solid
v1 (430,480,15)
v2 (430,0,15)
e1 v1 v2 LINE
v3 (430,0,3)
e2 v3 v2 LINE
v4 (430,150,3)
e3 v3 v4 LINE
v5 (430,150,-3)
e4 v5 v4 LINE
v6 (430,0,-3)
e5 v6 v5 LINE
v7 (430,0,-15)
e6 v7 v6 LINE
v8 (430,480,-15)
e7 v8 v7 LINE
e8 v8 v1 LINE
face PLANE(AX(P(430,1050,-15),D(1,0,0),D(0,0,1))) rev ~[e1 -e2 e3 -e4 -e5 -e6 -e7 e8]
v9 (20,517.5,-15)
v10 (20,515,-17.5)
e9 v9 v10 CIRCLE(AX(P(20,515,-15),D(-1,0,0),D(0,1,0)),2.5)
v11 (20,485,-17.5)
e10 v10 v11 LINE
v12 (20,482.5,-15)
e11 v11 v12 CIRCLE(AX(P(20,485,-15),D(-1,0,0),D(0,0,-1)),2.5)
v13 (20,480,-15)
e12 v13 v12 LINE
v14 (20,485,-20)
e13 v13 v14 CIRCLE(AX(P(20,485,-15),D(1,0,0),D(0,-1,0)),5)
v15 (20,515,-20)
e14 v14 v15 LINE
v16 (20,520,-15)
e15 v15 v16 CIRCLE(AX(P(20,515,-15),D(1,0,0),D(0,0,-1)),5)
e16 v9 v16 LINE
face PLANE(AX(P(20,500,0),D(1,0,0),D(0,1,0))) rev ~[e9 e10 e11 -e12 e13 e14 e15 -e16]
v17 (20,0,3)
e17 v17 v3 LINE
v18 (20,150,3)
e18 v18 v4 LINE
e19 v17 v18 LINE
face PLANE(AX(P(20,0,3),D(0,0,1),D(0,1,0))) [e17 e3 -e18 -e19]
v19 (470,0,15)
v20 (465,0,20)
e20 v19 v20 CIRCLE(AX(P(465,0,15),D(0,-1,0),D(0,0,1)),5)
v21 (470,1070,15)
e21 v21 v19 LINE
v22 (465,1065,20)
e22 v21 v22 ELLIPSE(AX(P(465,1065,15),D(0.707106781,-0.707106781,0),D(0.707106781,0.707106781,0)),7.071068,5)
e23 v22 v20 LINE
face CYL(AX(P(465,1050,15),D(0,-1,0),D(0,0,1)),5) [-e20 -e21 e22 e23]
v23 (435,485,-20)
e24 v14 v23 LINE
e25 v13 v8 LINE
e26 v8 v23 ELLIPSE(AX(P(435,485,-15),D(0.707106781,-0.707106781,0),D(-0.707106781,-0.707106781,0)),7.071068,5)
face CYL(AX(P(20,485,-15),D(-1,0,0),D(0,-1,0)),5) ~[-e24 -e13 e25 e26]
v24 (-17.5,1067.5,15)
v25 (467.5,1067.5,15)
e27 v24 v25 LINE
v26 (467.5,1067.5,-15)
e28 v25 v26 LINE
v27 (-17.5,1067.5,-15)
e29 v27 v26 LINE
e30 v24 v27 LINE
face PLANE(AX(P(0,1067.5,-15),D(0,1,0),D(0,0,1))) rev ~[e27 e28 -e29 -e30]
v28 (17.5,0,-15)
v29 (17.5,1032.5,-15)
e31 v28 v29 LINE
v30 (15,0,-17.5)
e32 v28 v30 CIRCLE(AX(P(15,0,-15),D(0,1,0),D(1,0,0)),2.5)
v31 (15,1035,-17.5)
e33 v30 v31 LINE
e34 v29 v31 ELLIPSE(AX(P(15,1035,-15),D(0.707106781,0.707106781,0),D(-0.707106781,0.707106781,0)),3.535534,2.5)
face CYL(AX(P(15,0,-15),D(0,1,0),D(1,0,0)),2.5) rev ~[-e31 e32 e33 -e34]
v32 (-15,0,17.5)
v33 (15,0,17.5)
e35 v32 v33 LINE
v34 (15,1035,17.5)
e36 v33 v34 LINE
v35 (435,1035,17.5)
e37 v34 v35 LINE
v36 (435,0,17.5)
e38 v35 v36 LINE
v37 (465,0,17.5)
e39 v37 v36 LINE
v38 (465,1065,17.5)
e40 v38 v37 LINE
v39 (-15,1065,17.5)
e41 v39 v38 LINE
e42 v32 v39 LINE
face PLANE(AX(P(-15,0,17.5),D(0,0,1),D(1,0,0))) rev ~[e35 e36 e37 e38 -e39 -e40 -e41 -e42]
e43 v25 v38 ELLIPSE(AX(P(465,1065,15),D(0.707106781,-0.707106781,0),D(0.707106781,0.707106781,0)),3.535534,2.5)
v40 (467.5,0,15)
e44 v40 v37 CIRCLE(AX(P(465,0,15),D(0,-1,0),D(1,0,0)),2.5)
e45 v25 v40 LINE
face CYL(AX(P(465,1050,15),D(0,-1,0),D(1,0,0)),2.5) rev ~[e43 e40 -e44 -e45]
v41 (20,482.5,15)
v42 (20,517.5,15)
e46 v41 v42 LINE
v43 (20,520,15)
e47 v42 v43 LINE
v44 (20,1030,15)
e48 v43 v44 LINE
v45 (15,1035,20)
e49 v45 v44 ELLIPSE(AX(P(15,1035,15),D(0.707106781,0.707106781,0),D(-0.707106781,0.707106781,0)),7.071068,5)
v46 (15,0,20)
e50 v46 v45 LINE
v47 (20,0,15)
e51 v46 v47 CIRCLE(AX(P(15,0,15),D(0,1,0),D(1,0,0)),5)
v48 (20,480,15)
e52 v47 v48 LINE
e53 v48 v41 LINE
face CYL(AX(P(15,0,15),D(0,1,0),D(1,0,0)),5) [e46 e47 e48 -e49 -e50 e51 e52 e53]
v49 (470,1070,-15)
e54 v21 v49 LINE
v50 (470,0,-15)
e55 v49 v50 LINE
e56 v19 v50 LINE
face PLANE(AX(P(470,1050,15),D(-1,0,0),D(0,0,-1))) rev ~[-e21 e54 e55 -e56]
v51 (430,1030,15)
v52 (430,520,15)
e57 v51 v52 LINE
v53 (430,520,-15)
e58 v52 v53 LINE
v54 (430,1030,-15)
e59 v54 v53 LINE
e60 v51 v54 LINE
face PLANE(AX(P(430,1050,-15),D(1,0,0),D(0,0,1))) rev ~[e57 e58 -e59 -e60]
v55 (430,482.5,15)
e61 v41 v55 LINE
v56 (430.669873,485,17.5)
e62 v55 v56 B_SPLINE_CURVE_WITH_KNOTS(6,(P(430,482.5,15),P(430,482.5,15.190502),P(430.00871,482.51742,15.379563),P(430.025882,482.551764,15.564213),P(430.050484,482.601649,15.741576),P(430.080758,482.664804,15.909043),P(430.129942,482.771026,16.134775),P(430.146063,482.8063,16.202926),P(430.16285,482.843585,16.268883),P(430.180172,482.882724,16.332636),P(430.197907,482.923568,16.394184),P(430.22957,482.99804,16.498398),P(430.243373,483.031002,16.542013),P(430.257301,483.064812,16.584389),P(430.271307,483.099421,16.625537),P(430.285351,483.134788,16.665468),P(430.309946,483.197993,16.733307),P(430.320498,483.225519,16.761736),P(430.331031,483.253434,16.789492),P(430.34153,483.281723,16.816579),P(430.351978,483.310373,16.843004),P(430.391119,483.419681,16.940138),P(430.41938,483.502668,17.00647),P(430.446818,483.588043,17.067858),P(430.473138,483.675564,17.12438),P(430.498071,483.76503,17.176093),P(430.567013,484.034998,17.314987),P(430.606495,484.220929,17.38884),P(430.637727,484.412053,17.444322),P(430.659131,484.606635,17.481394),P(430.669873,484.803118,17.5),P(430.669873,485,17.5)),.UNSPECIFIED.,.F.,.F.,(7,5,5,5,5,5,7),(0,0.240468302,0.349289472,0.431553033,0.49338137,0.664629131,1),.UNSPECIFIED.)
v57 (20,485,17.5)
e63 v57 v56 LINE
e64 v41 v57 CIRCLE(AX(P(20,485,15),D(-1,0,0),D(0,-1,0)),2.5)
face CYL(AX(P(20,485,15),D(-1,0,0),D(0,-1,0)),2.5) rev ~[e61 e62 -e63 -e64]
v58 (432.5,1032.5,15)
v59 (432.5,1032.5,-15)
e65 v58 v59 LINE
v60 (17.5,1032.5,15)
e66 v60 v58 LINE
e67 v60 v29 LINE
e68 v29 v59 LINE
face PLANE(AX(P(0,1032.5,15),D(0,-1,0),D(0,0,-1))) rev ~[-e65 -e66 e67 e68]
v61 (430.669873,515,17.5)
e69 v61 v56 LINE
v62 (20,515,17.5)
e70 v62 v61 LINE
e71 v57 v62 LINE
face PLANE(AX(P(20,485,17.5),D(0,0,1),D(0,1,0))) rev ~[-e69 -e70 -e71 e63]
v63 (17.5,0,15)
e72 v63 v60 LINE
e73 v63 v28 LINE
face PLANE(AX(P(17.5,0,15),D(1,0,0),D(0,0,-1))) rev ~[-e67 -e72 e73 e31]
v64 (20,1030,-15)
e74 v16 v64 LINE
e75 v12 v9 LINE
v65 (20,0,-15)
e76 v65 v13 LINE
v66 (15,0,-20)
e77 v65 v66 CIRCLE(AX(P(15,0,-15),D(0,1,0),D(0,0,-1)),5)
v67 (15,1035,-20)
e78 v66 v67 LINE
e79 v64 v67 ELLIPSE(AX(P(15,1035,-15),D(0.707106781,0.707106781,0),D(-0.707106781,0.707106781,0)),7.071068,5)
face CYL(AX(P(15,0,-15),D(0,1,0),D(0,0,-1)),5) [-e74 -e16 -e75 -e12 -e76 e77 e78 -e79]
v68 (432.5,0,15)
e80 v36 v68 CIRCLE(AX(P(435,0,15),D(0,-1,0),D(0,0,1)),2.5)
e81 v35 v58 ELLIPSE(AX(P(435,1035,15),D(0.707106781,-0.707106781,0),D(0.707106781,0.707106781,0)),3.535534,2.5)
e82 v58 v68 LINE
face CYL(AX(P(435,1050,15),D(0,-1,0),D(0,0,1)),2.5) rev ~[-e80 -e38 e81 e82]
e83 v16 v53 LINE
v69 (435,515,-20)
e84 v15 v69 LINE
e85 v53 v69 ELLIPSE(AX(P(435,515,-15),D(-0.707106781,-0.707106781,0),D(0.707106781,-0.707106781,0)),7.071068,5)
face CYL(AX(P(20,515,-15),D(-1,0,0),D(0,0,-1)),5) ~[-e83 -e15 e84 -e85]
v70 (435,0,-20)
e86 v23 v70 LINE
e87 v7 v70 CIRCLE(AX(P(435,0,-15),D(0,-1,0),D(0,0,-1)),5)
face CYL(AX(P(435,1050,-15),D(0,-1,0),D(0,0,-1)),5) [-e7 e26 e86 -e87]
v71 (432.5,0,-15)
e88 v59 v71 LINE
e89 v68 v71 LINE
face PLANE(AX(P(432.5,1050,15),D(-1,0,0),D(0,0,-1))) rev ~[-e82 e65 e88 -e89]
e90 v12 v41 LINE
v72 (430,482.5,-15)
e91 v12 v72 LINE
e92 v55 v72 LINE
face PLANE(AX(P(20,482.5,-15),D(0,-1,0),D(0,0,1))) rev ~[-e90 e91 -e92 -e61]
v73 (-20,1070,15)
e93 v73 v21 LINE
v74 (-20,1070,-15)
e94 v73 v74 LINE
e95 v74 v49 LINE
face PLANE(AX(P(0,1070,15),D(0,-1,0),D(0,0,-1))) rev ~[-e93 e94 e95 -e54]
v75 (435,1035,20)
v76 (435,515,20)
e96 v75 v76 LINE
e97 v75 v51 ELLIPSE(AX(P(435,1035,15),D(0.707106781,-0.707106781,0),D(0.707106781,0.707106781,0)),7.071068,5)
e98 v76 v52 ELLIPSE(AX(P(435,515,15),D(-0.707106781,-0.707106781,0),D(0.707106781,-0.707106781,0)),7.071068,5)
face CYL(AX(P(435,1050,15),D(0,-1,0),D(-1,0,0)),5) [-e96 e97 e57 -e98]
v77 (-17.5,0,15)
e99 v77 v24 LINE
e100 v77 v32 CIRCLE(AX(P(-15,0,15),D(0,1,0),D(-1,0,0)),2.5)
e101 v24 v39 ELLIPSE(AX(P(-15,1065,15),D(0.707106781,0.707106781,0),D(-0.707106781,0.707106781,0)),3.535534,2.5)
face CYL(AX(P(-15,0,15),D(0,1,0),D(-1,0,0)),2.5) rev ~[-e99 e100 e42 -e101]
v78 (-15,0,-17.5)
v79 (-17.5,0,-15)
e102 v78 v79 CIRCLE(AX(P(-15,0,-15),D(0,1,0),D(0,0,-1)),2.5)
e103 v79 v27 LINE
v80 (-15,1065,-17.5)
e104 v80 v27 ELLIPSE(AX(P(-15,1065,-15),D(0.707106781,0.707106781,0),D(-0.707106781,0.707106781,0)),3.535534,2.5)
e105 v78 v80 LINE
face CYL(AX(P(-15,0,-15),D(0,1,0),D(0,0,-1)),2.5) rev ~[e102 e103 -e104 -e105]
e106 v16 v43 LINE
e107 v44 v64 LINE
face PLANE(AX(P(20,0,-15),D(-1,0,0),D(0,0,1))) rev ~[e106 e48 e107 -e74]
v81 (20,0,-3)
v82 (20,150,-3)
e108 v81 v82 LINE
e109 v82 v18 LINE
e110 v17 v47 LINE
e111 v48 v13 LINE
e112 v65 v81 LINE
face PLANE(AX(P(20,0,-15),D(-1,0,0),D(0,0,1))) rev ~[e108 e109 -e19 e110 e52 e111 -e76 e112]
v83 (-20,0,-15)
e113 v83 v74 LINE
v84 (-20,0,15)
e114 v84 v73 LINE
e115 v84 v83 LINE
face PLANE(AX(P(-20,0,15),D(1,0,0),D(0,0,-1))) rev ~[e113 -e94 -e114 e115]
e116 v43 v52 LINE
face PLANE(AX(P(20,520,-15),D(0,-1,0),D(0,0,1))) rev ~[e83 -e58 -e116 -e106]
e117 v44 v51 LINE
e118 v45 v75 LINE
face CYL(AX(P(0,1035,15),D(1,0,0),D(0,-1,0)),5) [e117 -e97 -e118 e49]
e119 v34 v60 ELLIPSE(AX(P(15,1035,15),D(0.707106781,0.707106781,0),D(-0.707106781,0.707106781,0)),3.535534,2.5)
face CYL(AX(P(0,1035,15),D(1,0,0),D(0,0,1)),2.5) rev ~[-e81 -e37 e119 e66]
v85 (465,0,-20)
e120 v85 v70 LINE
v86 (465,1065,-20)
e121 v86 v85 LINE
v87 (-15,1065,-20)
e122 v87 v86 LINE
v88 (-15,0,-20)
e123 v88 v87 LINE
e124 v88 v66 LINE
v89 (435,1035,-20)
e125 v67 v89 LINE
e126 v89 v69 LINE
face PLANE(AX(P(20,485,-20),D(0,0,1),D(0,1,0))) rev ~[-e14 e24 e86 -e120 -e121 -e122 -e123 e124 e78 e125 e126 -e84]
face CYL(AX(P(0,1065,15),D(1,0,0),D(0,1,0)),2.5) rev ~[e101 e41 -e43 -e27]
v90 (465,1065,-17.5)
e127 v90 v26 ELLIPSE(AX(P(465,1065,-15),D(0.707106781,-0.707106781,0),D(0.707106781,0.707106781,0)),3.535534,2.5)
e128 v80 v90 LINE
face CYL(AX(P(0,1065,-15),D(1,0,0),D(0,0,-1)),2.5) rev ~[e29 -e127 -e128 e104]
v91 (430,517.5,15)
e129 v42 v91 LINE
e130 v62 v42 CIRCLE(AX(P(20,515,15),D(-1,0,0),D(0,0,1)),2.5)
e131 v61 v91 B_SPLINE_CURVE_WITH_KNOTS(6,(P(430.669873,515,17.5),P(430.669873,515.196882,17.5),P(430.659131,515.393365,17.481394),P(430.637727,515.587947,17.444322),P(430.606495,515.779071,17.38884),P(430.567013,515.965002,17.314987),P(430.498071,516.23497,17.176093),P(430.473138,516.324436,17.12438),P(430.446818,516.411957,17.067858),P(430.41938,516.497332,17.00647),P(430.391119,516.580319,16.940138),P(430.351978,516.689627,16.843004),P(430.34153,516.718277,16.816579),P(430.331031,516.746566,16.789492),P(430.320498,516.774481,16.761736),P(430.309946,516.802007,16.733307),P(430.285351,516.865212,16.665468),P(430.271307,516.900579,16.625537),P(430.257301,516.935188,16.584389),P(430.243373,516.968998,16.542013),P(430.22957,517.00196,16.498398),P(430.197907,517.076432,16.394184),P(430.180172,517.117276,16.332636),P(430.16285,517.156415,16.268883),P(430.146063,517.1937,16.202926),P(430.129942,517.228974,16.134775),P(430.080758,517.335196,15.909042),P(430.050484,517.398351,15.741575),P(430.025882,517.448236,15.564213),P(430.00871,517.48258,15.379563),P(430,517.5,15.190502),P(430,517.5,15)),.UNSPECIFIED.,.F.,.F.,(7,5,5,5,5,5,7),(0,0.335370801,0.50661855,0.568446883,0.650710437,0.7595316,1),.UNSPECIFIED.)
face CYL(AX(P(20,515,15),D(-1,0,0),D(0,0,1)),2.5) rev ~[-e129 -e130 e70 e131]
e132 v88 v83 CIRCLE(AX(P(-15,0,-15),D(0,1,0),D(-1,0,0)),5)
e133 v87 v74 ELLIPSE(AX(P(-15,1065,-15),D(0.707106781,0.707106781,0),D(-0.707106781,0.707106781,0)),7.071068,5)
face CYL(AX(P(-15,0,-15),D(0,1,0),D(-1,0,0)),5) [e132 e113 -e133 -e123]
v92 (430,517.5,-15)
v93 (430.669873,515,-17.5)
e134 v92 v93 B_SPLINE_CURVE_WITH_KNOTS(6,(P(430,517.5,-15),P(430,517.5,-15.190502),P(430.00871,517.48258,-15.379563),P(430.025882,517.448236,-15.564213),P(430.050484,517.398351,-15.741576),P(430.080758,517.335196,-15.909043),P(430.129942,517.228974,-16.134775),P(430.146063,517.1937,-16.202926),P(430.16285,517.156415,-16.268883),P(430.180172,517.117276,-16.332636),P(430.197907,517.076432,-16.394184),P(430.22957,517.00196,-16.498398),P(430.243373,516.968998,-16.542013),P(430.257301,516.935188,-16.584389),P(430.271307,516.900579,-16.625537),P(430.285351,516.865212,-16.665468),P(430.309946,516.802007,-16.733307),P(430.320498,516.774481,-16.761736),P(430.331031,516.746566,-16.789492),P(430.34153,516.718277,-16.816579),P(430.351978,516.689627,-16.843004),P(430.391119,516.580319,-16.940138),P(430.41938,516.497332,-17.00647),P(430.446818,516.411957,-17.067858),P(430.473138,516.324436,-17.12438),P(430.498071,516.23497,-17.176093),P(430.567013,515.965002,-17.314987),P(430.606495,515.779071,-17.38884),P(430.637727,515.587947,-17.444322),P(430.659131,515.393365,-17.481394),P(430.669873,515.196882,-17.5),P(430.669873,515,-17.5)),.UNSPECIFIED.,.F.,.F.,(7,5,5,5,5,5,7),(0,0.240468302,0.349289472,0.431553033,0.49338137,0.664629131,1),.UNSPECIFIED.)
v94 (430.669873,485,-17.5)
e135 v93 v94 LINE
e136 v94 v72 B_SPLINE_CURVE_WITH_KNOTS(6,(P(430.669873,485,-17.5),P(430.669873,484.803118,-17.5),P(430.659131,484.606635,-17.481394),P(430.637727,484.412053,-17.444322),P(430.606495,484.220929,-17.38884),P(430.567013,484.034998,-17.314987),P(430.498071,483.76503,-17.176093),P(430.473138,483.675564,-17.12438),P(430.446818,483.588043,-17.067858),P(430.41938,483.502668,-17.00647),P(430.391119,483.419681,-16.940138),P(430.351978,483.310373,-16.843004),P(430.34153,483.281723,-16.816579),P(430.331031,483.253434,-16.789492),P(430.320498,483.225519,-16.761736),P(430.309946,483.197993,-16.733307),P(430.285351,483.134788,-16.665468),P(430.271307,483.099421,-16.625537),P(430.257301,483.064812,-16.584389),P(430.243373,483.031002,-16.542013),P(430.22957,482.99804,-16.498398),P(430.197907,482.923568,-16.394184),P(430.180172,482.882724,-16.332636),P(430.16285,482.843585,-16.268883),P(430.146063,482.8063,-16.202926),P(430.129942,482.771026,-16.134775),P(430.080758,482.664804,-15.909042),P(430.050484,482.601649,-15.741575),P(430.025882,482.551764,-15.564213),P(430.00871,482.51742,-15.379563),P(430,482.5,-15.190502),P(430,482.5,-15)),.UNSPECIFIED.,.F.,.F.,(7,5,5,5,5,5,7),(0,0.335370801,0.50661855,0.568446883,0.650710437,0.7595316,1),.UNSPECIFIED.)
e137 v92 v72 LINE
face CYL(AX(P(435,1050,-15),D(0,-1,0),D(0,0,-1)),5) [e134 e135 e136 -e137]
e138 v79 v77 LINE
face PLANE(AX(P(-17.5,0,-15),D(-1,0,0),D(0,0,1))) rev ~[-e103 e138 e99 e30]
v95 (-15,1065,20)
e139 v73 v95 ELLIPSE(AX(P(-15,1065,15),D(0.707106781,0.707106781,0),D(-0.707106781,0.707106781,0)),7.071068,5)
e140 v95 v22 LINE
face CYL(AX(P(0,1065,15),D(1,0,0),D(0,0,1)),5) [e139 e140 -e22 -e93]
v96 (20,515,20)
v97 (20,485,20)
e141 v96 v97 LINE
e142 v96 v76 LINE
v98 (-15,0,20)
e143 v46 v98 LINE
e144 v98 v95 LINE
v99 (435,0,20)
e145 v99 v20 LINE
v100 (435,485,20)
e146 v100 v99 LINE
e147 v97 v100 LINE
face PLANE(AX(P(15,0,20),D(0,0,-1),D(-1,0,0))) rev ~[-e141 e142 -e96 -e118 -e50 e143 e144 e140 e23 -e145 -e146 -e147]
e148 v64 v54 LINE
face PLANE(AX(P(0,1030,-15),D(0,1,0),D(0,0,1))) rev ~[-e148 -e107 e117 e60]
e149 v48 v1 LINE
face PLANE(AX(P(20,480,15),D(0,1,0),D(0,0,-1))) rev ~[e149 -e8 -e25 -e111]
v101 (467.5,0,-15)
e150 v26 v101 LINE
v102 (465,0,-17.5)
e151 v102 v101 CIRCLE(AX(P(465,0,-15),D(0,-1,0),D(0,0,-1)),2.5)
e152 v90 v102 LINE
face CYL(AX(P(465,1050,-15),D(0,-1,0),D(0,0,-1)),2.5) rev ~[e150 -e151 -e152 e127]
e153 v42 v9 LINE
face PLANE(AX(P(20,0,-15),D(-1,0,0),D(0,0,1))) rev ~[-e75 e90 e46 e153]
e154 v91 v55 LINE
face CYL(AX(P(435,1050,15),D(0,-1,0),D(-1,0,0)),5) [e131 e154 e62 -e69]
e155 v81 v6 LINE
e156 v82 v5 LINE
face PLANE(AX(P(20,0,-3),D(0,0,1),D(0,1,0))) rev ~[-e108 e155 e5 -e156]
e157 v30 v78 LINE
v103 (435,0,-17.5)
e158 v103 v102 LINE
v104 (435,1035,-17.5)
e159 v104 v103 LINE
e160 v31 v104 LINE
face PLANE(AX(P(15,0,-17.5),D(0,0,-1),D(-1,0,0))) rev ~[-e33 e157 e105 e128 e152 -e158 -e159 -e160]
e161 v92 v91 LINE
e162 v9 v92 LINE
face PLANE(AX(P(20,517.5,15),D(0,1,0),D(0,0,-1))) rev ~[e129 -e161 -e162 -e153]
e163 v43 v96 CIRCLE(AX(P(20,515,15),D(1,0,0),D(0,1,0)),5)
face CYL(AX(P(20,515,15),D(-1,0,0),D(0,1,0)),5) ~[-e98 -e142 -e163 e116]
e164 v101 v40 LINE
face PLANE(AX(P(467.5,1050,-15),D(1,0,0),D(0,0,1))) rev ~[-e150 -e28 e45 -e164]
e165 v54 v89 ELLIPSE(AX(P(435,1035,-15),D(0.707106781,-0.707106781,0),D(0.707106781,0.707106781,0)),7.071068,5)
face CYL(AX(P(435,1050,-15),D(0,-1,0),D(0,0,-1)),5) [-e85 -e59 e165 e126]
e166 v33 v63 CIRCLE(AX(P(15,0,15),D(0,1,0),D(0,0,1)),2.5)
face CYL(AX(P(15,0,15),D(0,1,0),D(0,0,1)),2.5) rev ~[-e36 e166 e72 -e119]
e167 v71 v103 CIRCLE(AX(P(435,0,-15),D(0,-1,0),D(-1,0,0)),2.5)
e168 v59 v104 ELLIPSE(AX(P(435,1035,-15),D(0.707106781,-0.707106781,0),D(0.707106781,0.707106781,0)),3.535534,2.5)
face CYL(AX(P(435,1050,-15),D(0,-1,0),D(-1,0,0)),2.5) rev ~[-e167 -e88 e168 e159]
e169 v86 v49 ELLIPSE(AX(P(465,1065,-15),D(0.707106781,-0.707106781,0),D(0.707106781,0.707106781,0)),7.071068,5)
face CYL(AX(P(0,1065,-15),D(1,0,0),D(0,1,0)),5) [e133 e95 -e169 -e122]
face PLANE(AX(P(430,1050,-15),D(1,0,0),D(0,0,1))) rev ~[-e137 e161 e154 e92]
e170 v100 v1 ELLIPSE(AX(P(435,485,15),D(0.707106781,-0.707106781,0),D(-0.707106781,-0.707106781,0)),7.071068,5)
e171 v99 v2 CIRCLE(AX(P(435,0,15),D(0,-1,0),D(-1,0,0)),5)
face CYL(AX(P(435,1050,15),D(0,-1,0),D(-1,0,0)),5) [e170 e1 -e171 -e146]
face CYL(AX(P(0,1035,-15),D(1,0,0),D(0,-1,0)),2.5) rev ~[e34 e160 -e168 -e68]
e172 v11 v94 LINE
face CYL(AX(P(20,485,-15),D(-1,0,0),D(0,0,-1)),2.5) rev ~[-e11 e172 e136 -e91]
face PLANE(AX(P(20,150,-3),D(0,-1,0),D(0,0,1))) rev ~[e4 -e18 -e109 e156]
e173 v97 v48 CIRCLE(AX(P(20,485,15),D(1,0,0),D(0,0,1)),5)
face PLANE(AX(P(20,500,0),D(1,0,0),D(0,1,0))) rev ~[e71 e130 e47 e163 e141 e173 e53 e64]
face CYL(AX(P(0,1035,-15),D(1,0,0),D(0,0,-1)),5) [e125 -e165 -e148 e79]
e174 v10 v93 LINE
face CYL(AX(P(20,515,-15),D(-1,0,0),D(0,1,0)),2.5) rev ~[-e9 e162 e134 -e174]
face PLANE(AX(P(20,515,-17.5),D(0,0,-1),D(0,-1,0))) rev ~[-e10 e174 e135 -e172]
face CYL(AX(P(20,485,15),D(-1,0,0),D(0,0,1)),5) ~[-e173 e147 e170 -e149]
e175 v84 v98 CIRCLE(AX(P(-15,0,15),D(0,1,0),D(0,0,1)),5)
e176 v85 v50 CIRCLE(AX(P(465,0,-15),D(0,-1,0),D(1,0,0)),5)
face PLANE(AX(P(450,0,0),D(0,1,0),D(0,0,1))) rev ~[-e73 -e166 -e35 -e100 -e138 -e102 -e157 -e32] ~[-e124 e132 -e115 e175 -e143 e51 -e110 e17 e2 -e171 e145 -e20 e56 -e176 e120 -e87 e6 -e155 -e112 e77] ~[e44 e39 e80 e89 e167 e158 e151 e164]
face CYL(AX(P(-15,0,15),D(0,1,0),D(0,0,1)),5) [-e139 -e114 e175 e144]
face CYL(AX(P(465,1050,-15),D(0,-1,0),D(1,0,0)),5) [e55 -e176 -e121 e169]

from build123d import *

# Parameters (mm, degrees)
F5_W     = 150
F5_H     = 6
F6_DEPTH = 410


with BuildPart() as f2:
    # F2: sweep along a path in F1
    with BuildLine(Plane.XY) as f2_path:
        Line((0, 0), (0, 1050))
        Line((0, 1050), (450, 1050))
        Line((450, 1050), (450, 0))
    # F0 (on Front) → F2 (sweep)
    with BuildSketch(Plane.XZ):
        with BuildLine():
            Line((-15, -20), (15, -20))
            ThreePointArc((15, -20), (18.5355339059, -18.5355339059), (20, -15))
            Line((20, -15), (20, 15))
            ThreePointArc((20, 15), (18.5355339059, 18.5355339059), (15, 20))
            Line((15, 20), (-15, 20))
            ThreePointArc((-15, 20), (-18.5355339059, 18.5355339059), (-20, 15))
            Line((-20, 15), (-20, -15))
            ThreePointArc((-20, -15), (-18.5355339059, -18.5355339059), (-15, -20))
        make_face()
        with BuildLine():
            ThreePointArc((-15, -17.5), (-16.767766953, -16.767766953), (-17.5, -15))
            Line((-17.5, -15), (-17.5, 15))
            ThreePointArc((-17.5, 15), (-16.767766953, 16.767766953), (-15, 17.5))
            Line((-15, 17.5), (15, 17.5))
            ThreePointArc((15, 17.5), (16.767766953, 16.767766953), (17.5, 15))
            Line((17.5, 15), (17.5, -15))
            ThreePointArc((17.5, -15), (16.767766953, -16.767766953), (15, -17.5))
            Line((15, -17.5), (-15, -17.5))
        make_face(mode=Mode.SUBTRACT)
    sweep(path=f2_path.line, transition=Transition.RIGHT)

    # F3 (on face) → F4 (join, up to the next surface of F2)
    with BuildSketch(Plane.YZ.offset(20)):
        with BuildLine():
            Line((485, -20), (515, -20))
            ThreePointArc((515, -20), (518.5355339059, -18.5355339059), (520, -15))
            Line((520, -15), (520, 15))
            ThreePointArc((520, 15), (518.5355339059, 18.5355339059), (515, 20))
            Line((515, 20), (485, 20))
            ThreePointArc((485, 20), (481.4644660941, 18.5355339059), (480, 15))
            Line((480, 15), (480, -15))
            ThreePointArc((480, -15), (481.4644660941, -18.5355339059), (485, -20))
        make_face()
        with BuildLine():
            ThreePointArc((485, -17.5), (483.232233047, -16.767766953), (482.5, -15))
            Line((482.5, -15), (482.5, 15))
            ThreePointArc((482.5, 15), (483.232233047, 16.767766953), (485, 17.5))
            Line((485, 17.5), (515, 17.5))
            ThreePointArc((515, 17.5), (516.767766953, 16.767766953), (517.5, 15))
            Line((517.5, 15), (517.5, -15))
            ThreePointArc((517.5, -15), (516.767766953, -16.767766953), (515, -17.5))
            Line((515, -17.5), (485, -17.5))
        make_face(mode=Mode.SUBTRACT)
    extrude(until=Until.NEXT)

    # F5 (on face) → F6 (join, through all)
    with BuildSketch(Plane.YZ.offset(20)):
        with Locations((75, 0)):
            Rectangle(F5_W, F5_H)
    extrude(amount=F6_DEPTH)


solid = f2.part
